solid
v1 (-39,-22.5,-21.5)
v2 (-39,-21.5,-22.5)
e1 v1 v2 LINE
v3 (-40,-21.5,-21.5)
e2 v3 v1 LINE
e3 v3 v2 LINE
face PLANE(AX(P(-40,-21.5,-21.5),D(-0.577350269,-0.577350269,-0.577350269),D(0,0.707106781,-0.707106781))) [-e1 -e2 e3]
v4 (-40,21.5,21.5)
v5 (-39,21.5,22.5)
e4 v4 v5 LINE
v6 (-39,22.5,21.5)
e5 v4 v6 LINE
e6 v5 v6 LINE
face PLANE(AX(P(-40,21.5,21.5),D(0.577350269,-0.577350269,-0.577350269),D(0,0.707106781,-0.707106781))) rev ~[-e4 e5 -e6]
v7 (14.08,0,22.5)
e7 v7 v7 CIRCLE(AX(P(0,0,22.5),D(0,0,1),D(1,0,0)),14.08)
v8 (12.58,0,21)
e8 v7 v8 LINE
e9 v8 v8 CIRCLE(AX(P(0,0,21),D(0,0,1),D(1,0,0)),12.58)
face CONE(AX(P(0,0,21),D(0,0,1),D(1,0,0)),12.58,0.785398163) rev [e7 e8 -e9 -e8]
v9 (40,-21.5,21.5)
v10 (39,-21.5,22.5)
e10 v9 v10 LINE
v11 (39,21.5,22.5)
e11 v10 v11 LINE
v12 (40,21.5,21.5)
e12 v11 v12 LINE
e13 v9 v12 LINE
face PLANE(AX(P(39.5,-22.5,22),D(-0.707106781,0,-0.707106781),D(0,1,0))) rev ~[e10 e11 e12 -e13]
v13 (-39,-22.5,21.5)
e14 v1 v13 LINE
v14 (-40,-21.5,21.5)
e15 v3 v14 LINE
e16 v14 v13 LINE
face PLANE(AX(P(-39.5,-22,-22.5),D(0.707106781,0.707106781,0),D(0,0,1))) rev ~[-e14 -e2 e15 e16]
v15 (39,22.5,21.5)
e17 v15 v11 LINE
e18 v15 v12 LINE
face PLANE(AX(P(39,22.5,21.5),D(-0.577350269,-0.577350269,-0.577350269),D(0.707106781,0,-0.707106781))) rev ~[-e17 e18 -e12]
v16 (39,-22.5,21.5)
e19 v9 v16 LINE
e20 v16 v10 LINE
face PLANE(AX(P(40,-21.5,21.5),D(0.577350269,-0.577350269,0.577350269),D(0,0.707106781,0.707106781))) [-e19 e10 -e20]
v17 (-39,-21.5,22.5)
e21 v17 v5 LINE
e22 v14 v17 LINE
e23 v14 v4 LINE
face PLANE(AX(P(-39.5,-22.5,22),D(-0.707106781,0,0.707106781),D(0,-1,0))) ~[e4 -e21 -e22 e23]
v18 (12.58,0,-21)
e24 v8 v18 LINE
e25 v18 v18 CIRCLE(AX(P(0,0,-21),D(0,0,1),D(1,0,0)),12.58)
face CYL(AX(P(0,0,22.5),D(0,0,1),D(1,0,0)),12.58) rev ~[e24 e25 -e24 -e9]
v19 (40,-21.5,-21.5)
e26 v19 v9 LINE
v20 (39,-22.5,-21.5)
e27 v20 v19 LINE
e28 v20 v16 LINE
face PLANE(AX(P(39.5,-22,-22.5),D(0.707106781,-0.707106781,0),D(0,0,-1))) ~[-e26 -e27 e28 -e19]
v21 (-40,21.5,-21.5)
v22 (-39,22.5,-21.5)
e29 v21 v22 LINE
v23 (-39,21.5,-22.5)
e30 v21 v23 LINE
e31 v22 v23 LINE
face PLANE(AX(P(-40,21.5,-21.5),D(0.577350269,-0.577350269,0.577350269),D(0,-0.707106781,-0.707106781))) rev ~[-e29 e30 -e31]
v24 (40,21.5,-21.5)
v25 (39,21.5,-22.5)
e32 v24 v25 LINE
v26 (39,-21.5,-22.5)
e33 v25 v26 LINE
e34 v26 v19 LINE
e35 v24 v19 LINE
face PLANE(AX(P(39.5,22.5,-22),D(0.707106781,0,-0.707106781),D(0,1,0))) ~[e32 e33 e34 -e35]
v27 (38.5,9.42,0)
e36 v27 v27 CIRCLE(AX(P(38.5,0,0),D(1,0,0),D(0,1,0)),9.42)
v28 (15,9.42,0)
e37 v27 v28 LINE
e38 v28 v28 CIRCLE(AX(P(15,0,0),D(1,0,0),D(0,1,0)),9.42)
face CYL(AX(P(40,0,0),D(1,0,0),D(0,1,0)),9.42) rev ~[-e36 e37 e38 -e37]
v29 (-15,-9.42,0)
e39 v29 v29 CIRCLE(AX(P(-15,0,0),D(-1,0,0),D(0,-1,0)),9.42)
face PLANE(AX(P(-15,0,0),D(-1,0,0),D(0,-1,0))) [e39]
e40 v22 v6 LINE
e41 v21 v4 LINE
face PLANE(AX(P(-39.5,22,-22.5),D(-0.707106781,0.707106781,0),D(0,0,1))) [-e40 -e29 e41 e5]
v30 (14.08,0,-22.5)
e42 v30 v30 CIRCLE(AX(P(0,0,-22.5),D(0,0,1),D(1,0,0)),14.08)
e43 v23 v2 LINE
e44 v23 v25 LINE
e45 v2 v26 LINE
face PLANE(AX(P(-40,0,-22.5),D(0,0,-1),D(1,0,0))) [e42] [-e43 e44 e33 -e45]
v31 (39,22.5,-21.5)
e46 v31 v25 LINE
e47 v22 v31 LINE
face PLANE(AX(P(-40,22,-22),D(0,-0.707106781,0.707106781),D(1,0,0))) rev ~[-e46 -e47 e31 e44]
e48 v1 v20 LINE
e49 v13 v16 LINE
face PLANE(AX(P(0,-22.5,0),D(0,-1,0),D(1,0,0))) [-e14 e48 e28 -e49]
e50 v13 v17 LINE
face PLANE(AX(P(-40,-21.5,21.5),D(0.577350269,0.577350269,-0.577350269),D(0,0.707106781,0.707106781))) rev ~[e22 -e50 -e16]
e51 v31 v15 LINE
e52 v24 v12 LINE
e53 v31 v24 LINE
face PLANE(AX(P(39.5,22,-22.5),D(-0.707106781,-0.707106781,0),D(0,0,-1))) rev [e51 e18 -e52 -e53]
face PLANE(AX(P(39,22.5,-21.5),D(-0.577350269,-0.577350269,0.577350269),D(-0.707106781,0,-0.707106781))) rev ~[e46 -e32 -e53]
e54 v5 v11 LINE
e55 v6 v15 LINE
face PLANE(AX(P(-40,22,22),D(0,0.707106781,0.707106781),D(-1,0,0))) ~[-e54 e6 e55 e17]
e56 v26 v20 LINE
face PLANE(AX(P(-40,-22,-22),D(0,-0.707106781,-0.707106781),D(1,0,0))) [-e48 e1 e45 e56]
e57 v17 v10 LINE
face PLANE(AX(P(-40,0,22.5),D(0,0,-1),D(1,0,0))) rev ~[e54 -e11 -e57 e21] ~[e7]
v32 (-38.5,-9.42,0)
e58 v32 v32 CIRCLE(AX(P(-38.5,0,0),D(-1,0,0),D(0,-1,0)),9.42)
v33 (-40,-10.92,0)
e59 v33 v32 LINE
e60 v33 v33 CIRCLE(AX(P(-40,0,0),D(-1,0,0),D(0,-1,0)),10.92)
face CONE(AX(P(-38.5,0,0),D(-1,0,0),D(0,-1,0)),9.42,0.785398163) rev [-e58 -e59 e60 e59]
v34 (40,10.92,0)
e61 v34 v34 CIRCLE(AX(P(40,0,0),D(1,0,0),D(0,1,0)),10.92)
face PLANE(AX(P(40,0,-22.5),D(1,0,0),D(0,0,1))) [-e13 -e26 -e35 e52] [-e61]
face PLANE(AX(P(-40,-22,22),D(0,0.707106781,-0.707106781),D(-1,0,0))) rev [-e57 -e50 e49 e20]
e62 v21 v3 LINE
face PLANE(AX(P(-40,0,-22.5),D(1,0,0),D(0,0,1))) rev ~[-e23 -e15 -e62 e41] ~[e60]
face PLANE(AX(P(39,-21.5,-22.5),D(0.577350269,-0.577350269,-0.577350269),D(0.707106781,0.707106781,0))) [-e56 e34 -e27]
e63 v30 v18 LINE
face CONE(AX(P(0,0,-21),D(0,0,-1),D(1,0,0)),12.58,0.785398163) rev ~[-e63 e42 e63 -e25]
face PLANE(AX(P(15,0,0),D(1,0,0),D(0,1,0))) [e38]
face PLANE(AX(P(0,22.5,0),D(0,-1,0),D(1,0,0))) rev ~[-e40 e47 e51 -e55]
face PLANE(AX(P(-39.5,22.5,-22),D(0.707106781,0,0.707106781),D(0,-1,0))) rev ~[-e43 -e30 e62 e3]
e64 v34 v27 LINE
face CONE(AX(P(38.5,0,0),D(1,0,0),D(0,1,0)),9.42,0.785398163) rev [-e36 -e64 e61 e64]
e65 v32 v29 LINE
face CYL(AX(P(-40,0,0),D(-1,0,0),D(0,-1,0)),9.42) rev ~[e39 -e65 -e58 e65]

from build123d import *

# Parameters (mm, degrees)
F0_W     = 80
F0_H     = 45
F1_DEPTH = 22.5
F2_R     = 12.58
F3_DEPTH = 45.001
F4_R     = 9.42
F5_DEPTH = 25
F6_R     = 9.42
F7_DEPTH = 25
F8_SIZE  = 1.5
F9_SIZE  = 1


with BuildPart() as f1:
    # F0 (on Front) → F1 (new body, symmetric)
    with BuildSketch(Plane.XZ):
        Rectangle(F0_W, F0_H)
    extrude(amount=F1_DEPTH, both=True)

    # F2 (on face) → F3 (cut, through all)
    with BuildSketch(Plane.XY.offset(22.5)):
        Circle(F2_R)
    extrude(amount=-F3_DEPTH, mode=Mode.SUBTRACT)

    # F4 (on face) → F5 (cut)
    with BuildSketch(Plane(origin=(-40, 0, 0), x_dir=(0, -1, 0), z_dir=(-1, 0, 0))):
        Circle(F4_R)
    extrude(amount=-F5_DEPTH, mode=Mode.SUBTRACT)

    # F6 (on face) → F7 (cut)
    with BuildSketch(Plane.YZ.offset(40)):
        Circle(F6_R)
    extrude(amount=-F7_DEPTH, mode=Mode.SUBTRACT)

    # F8
    f8_edges = [f1.edges().sort_by_distance(p)[0] for p in [
        (-12.58, 0, 22.5),
        (-40, 9.42, 0),
        (-12.58, 0, -22.5),
        (40, -9.42, 0),
    ]]
    chamfer(f8_edges, length=F8_SIZE)

    # F9
    f9_edges = [f1.edges().sort_by_distance(p)[0] for p in [
        (0, -22.5, 22.5),
        (40, -22.5, 0),
        (0, -22.5, -22.5),
        (-40, -22.5, 0),
        (40, 0, 22.5),
        (0, 22.5, 22.5),
        (-40, 0, 22.5),
        (40, 0, -22.5),
        (40, 22.5, 0),
        (0, 22.5, -22.5),
        (-40, 22.5, 0),
        (-40, 0, -22.5),
    ]]
    chamfer(f9_edges, length=F9_SIZE)


solid = f1.part
